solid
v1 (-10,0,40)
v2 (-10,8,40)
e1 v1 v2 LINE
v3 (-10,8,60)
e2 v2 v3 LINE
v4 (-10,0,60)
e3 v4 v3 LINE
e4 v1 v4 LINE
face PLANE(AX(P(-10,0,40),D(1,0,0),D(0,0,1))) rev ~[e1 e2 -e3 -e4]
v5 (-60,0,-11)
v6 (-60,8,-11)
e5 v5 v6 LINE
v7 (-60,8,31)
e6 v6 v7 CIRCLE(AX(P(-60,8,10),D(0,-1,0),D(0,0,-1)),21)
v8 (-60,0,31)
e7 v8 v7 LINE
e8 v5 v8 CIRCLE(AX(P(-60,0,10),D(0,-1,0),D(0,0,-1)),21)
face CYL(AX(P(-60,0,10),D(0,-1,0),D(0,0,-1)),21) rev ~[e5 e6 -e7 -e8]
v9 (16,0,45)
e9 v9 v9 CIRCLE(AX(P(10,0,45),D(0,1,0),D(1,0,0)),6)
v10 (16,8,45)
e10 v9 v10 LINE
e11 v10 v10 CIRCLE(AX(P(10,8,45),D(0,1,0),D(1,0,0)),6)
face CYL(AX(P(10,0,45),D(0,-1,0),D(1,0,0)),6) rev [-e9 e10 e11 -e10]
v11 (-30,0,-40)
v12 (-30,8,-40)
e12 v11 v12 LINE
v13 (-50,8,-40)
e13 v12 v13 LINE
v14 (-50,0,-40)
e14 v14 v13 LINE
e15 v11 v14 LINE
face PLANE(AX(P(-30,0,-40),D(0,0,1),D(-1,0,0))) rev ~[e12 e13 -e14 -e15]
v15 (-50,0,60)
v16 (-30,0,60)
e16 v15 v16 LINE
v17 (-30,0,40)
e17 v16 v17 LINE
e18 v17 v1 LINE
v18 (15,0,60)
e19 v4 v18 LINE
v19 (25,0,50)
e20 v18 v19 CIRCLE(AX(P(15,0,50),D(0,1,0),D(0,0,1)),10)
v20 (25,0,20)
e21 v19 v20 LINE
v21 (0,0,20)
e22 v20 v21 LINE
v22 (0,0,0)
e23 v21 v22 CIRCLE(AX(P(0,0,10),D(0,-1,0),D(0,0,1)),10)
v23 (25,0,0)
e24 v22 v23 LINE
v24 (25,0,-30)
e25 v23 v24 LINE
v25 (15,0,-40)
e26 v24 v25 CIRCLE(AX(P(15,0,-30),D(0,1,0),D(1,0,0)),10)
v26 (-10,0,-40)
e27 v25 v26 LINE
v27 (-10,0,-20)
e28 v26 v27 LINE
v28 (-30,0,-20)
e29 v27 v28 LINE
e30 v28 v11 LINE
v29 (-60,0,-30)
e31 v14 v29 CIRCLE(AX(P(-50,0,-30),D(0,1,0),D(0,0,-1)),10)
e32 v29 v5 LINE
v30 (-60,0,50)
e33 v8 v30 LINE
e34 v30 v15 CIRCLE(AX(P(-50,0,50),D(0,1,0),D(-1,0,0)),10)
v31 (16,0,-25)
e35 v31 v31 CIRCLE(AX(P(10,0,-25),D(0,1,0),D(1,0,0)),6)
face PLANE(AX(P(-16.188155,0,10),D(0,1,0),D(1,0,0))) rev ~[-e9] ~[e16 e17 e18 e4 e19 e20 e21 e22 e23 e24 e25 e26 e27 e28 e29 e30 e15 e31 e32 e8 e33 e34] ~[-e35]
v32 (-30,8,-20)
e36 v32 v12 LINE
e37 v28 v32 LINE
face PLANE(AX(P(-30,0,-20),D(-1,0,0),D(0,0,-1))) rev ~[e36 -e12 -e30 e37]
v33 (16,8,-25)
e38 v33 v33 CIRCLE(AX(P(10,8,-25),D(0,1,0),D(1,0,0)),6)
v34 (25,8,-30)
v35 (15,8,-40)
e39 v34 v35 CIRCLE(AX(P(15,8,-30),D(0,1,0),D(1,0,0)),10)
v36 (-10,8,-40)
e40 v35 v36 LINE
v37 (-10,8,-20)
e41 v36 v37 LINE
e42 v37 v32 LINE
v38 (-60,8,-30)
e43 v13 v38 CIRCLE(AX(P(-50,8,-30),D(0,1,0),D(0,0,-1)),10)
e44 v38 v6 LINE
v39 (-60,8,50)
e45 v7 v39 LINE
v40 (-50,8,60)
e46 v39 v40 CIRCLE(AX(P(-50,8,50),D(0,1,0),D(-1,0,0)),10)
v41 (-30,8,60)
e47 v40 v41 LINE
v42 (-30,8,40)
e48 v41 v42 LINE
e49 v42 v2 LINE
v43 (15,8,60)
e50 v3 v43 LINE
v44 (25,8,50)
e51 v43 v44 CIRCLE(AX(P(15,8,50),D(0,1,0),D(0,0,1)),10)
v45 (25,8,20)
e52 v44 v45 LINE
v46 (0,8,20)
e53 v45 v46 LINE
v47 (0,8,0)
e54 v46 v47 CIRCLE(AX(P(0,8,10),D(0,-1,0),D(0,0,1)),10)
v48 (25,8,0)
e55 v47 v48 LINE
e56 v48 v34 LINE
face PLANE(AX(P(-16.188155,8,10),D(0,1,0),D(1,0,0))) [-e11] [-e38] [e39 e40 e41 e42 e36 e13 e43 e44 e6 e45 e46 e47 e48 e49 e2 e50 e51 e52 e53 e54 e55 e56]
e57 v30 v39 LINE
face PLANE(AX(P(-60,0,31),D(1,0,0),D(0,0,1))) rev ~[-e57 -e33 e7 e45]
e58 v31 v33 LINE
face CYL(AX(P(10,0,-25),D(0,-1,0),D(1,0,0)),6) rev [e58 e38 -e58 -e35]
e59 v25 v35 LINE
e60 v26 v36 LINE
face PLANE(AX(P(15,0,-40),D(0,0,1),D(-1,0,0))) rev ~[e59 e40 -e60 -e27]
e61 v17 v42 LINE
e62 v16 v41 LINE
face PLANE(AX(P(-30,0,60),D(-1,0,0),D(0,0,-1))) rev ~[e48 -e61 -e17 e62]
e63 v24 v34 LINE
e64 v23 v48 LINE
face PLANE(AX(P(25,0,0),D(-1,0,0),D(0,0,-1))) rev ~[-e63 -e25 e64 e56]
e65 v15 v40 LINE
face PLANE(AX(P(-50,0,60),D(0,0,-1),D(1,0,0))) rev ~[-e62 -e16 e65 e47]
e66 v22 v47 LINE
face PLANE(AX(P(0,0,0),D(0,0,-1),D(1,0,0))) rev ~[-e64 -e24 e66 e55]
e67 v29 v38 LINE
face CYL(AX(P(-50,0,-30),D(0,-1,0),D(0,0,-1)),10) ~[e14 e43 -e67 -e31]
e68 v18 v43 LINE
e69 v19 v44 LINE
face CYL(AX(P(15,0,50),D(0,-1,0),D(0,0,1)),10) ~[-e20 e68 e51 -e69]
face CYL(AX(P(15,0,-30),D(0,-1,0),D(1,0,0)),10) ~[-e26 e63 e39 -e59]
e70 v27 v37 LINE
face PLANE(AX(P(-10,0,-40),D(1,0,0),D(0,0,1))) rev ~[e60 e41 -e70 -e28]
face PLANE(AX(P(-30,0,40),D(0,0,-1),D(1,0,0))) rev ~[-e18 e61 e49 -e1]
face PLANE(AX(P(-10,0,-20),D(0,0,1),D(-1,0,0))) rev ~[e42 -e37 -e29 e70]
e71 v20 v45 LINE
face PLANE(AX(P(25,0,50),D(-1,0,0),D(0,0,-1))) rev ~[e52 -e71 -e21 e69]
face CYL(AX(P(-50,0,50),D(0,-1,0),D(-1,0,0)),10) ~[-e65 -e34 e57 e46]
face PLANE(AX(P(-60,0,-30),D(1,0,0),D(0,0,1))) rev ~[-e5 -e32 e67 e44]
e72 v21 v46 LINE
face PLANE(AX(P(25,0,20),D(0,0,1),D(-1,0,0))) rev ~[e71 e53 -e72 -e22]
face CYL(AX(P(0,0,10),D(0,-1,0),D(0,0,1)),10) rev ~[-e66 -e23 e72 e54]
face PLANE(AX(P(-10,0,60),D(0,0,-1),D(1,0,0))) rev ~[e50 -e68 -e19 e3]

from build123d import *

# Parameters (mm, degrees)
SKETCH1_R           = 6
BOSS_EXTRUDE1_DEPTH = 8


with BuildPart() as part:
    # Sketch1 → Boss-Extrude1 (new body)
    with BuildSketch(Plane(origin=(0, 0, 0), x_dir=(1, 0, 0), z_dir=(0, 1, 0))):
        with BuildLine():
            Line((0, 0), (25, 0))
            Line((25, 0), (25, 30))
            ThreePointArc((25, 30), (22.071067812, 37.071067812), (15, 40))
            Line((15, 40), (-10, 40))
            Line((-10, 40), (-10, 20))
            Line((-10, 20), (-30, 20))
            Line((-30, 20), (-30, 40))
            Line((-30, 40), (-50, 40))
            ThreePointArc((-50, 40), (-57.071067812, 37.071067812), (-60, 30))
            Line((-60, 30), (-60, 11))
            ThreePointArc((-60, 11), (-39, -10), (-60, -31))
            Line((-60, -31), (-60, -50))
            ThreePointArc((-60, -50), (-57.071067812, -57.071067812), (-50, -60))
            Line((-50, -60), (-30, -60))
            Line((-30, -60), (-30, -40))
            Line((-30, -40), (-10, -40))
            Line((-10, -40), (-10, -60))
            Line((-10, -60), (15, -60))
            ThreePointArc((15, -60), (22.071067812, -57.071067812), (25, -50))
            Line((25, -50), (25, -20))
            Line((25, -20), (0, -20))
            ThreePointArc((0, -20), (-10, -10), (0, 0))
        make_face()
        with Locations((10, -45)):
            Circle(SKETCH1_R, mode=Mode.SUBTRACT)
        with Locations((10, 25)):
            Circle(SKETCH1_R, mode=Mode.SUBTRACT)
    extrude(amount=BOSS_EXTRUDE1_DEPTH)


solid = part.part
